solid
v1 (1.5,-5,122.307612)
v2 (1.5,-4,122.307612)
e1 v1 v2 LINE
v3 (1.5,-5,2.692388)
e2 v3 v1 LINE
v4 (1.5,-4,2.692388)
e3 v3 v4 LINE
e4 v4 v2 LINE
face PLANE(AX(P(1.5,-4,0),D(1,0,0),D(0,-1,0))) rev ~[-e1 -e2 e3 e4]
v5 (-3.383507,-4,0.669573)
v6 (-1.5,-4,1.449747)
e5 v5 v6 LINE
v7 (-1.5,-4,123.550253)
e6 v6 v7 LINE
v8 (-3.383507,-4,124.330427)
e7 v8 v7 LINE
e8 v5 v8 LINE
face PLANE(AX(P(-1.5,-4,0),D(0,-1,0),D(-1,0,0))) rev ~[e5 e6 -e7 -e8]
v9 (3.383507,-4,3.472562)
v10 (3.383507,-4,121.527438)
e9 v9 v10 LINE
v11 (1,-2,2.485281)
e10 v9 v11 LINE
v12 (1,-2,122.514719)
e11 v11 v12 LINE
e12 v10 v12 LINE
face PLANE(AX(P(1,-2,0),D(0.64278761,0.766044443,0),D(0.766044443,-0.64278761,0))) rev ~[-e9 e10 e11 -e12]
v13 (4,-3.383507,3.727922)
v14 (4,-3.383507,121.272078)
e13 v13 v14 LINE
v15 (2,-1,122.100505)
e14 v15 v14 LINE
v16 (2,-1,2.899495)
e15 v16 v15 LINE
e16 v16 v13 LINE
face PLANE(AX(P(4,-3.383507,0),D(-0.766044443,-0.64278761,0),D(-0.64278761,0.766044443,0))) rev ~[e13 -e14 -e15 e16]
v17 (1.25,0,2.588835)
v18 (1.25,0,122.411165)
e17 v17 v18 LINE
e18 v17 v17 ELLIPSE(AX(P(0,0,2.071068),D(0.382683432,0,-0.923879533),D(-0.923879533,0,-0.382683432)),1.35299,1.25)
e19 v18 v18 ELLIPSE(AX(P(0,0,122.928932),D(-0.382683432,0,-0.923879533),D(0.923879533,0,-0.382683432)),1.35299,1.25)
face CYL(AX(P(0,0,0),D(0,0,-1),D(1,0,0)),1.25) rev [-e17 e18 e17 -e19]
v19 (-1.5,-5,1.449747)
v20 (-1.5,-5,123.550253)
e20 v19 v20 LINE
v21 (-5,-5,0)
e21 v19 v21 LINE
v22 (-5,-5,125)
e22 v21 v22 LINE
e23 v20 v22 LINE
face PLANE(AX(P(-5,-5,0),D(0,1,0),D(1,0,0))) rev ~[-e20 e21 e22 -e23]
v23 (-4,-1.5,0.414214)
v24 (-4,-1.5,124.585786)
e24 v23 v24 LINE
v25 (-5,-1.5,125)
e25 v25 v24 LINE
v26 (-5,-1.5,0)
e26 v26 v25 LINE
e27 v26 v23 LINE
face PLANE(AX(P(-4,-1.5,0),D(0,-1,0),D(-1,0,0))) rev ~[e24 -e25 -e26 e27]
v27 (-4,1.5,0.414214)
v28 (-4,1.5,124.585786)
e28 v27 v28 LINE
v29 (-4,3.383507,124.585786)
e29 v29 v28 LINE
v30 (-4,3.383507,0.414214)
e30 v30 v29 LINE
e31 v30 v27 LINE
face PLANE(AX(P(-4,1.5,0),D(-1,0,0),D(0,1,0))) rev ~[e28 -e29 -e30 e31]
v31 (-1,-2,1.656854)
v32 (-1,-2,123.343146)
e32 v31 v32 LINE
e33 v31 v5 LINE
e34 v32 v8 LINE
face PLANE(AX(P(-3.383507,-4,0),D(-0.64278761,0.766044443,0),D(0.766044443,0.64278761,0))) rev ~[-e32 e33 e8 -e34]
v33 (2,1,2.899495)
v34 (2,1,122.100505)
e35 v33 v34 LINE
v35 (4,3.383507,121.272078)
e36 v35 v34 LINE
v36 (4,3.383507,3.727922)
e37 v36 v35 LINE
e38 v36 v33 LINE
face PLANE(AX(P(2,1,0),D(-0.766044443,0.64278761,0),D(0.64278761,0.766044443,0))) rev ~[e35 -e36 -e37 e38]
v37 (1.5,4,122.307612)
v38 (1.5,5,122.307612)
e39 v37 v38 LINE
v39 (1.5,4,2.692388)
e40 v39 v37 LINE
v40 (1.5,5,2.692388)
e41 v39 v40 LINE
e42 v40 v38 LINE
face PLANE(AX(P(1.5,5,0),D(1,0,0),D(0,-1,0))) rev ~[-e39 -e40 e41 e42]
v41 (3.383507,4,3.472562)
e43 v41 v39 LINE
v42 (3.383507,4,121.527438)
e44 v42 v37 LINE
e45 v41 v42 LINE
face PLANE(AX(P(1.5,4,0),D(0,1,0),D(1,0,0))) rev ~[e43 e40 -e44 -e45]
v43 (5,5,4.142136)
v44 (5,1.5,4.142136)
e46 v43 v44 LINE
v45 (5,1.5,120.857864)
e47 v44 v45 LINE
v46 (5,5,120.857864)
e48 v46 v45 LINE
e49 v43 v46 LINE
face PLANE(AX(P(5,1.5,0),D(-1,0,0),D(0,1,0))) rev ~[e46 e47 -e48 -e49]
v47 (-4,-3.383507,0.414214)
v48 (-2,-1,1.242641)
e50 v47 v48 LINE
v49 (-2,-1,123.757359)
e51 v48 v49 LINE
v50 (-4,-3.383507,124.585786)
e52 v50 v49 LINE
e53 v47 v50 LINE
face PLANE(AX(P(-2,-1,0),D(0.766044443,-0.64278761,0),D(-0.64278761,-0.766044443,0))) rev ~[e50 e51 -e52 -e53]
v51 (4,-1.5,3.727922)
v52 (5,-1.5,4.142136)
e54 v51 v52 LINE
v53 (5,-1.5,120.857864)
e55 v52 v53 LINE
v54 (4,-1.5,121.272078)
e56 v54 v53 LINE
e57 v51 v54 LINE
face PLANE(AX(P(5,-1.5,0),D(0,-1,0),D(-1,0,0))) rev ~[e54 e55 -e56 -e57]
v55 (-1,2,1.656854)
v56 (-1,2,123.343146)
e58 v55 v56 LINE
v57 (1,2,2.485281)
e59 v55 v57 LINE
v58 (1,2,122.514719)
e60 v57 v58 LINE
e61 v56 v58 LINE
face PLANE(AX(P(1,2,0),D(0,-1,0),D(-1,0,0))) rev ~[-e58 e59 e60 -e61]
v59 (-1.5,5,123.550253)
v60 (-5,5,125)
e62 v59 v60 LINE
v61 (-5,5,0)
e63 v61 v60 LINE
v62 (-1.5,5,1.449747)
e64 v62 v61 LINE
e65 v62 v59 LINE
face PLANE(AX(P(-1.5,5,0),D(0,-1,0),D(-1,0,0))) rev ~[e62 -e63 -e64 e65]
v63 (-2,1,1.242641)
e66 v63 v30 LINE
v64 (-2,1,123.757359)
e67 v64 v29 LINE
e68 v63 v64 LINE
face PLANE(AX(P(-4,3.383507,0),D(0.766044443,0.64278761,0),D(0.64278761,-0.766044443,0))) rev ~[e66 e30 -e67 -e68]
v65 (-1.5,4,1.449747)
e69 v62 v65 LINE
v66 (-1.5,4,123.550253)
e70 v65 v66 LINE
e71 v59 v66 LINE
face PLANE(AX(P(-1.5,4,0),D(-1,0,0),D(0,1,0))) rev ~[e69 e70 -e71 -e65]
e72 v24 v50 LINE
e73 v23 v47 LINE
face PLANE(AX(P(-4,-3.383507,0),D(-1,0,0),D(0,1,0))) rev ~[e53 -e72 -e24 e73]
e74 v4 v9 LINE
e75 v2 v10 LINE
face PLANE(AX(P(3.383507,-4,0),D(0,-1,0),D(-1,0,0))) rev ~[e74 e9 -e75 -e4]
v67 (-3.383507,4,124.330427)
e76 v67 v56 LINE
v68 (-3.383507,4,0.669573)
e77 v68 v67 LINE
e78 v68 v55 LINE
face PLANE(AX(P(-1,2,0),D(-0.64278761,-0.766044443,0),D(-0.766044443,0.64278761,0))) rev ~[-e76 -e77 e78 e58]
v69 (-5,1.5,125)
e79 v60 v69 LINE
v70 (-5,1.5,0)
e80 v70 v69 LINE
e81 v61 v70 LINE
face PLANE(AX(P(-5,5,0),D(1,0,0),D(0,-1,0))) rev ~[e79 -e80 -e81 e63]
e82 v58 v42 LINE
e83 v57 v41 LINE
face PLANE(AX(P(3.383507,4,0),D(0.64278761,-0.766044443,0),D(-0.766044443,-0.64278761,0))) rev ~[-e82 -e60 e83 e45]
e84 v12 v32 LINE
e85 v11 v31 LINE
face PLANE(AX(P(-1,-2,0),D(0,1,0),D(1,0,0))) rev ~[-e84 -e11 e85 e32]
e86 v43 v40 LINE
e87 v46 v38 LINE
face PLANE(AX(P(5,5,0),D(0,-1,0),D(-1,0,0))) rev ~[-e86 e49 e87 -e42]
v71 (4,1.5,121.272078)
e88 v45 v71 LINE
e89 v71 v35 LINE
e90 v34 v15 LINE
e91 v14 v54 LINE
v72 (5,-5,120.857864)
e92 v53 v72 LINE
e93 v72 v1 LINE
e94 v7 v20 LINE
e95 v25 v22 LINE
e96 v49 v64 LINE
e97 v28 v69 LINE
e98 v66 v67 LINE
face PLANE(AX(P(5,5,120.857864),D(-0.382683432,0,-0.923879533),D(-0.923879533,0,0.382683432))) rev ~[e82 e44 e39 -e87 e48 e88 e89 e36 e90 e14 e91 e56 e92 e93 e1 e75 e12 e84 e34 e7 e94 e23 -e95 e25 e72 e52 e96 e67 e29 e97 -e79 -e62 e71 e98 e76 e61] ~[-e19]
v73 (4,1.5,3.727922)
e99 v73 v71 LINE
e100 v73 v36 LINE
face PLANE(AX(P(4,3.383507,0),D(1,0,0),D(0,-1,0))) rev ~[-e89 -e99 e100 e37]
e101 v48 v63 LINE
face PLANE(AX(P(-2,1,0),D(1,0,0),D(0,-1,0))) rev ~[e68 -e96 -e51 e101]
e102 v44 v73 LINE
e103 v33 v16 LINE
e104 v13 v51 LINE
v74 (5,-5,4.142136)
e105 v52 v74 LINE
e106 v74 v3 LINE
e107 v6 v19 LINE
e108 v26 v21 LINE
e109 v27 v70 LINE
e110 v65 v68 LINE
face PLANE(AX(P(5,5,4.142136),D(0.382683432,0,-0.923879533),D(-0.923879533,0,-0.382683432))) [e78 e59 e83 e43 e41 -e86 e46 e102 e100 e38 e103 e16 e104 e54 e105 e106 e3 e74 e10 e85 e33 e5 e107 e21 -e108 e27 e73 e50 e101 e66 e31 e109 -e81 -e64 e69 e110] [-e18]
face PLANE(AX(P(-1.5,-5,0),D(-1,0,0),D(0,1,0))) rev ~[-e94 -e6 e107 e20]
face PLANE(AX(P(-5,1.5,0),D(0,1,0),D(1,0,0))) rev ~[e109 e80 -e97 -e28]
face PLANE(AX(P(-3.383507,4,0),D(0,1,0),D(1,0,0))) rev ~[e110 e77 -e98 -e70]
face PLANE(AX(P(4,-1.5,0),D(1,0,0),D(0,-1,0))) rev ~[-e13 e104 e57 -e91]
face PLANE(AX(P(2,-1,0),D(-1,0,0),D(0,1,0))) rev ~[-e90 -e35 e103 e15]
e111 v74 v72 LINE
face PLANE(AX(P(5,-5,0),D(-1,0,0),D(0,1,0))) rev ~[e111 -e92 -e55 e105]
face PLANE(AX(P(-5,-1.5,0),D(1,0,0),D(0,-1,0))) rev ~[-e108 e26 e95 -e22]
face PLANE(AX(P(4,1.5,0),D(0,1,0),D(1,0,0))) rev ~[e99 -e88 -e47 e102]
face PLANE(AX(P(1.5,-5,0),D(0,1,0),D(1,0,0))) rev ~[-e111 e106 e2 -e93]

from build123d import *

# Parameters (mm, degrees)
ESQUISSE2_R             = 1.25
BOSS_EXTRU_1_DEPTH      = 125
ENL_V_MAT_EXTRU_1_DEPTH = 11


with BuildPart() as part:
    # Esquisse2 → Boss.-Extru.1 (new body)
    with BuildSketch(Plane.XY):
        Polygon((-1, -2), (1, -2), (3.383507185, -4), (1.5, -4), (1.5, -5), (5, -5), (5, -1.5), (4, -1.5), (4, -3.383507185), (2, -1), (2, 1), (4, 3.383507185), (4, 1.5), (5, 1.5), (5, 5), (1.5, 5), (1.5, 4), (3.383507185, 4), (1, 2), (-1, 2), (-3.383507185, 4), (-1.5, 4), (-1.5, 5), (-5, 5), (-5, 1.5), (-4, 1.5), (-4, 3.383507185), (-2, 1), (-2, -1), (-4, -3.383507185), (-4, -1.5), (-5, -1.5), (-5, -5), (-1.5, -5), (-1.5, -4), (-3.383507185, -4), align=None)
        Circle(ESQUISSE2_R, mode=Mode.SUBTRACT)
    extrude(amount=BOSS_EXTRU_1_DEPTH)

    # Esquisse3 → Enlèv. mat.-Extru.1 (cut, through all)
    with BuildSketch(Plane(origin=(0, 5, 0), x_dir=(1, 0, 0), z_dir=(0, 1, 0))):
        Polygon((-5, 0), (5, 0), (5, -4.142135624), align=None)
        Polygon((5, -120.857864376), (-5, -125), (5, -125), align=None)
    extrude(amount=-ENL_V_MAT_EXTRU_1_DEPTH, mode=Mode.SUBTRACT)


solid = part.part
